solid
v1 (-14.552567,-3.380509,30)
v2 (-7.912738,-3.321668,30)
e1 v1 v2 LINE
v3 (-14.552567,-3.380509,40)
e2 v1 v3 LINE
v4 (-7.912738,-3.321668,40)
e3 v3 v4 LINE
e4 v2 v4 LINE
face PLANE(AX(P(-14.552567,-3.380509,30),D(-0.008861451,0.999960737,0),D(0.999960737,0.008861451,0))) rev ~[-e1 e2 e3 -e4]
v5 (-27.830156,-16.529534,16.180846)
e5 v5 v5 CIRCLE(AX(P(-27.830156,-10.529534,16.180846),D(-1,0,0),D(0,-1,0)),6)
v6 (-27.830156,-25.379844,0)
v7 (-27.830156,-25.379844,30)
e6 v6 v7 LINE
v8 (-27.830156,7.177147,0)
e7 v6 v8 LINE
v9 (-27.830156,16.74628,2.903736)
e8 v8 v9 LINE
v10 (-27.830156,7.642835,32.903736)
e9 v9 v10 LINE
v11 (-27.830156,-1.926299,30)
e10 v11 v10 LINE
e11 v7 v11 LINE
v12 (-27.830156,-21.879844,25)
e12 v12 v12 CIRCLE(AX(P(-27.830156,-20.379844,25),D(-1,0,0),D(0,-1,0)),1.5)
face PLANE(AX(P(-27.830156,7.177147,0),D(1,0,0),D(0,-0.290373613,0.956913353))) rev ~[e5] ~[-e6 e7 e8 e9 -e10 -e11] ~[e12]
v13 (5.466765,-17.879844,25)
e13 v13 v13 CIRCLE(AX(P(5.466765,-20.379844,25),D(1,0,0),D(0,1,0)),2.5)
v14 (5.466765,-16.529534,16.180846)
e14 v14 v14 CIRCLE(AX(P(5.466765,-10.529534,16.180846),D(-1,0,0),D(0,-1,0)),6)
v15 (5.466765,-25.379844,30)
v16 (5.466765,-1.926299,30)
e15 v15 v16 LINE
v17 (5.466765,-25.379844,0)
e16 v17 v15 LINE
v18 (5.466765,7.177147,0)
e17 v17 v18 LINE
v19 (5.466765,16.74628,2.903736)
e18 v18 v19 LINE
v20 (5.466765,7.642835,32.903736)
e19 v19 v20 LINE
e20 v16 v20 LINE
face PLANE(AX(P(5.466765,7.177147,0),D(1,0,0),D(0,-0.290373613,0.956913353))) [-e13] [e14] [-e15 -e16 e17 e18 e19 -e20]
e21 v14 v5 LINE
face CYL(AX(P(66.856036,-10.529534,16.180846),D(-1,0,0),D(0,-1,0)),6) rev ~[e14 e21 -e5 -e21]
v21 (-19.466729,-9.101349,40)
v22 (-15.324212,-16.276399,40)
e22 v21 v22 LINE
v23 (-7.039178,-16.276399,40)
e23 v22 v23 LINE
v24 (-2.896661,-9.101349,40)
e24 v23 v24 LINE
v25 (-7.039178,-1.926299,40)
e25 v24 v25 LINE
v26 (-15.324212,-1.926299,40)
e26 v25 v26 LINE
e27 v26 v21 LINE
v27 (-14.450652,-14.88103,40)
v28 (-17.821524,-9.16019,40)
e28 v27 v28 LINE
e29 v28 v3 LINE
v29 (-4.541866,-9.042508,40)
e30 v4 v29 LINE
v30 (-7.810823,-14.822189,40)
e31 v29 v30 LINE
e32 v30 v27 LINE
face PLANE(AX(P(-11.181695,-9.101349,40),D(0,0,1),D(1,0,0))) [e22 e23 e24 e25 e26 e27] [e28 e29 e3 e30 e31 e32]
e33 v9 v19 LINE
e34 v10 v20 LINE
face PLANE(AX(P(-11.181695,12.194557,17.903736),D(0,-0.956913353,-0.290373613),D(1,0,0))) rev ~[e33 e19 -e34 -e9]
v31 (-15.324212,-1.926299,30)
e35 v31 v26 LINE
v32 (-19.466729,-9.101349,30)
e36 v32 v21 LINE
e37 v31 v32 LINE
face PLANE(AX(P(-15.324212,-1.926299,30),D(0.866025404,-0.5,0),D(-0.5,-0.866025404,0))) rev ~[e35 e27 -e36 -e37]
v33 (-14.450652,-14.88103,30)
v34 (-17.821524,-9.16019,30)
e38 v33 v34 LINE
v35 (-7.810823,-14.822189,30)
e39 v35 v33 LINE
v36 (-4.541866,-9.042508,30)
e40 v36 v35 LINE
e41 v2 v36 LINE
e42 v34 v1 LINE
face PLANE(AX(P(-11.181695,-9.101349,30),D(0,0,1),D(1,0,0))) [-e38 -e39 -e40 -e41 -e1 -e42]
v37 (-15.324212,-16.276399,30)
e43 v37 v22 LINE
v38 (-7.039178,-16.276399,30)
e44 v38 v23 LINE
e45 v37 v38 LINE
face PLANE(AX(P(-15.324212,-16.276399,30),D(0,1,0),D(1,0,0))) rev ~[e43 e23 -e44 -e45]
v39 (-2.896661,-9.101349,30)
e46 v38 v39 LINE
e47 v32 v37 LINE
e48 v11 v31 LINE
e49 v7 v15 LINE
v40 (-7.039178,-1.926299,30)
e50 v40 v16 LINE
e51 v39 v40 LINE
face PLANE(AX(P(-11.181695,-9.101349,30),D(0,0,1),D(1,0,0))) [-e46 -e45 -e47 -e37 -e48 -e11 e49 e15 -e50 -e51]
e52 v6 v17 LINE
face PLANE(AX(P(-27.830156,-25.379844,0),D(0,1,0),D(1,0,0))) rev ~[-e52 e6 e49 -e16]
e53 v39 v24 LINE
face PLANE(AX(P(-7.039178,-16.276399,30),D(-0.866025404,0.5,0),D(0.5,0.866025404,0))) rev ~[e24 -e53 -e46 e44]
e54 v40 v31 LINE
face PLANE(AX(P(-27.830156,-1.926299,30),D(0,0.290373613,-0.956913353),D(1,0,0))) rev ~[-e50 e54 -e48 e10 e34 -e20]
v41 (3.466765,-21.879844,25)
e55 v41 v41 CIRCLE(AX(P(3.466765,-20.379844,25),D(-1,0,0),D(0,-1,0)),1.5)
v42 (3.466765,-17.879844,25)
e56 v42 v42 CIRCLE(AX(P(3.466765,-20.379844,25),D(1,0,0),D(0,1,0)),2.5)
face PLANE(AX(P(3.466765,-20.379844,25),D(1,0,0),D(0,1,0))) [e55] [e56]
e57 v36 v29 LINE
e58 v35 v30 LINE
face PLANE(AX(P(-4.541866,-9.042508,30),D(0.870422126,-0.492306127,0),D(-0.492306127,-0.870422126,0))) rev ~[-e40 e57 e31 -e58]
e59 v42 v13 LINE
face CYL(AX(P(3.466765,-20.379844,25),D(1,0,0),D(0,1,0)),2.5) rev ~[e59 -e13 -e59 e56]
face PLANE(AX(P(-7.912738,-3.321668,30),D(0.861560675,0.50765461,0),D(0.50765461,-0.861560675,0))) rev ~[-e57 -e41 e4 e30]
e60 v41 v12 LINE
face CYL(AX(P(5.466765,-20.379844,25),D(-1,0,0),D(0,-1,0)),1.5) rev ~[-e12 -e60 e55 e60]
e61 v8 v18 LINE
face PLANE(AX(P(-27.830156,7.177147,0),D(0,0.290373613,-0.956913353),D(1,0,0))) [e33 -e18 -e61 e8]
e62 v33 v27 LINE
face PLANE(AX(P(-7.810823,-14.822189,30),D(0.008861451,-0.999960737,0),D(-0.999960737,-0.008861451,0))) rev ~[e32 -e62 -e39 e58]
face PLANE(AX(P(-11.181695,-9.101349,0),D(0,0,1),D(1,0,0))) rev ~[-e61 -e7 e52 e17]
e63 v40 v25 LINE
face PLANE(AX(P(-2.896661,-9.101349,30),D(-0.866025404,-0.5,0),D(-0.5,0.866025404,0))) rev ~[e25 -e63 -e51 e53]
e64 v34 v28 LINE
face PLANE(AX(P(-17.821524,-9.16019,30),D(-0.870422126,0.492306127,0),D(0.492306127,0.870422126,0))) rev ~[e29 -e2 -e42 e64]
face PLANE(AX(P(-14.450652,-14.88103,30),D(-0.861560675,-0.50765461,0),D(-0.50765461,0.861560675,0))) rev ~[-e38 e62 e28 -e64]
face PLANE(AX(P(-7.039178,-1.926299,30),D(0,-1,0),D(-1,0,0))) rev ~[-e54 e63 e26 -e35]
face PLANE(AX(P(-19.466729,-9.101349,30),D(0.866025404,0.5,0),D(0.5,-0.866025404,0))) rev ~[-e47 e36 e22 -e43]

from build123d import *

# Parameters (mm, degrees)
F0_W           = 33.2969208248
F0_H           = 32.5569906272
F1_DEPTH       = 30
F3_DEPTH       = 10
F5_D           = 12
F6_D           = 3
F6_CBORE_D     = 5
F6_CBORE_DEPTH = 2
F8_W           = 33.2969208248
F8_H           = 31.3508008987
F9_DEPTH       = 10


with BuildPart() as f1:
    # F0 (on Top) → F1 (new body)
    with BuildSketch(Plane.XY):
        with Locations((-11.1816951539, -9.1013486963)):
            Rectangle(F0_W, F0_H)
    extrude(amount=F1_DEPTH)

    # F2 (on face) → F3 (join)
    with BuildSketch(Plane.XY.offset(30)):
        Polygon((-15.3242121898, -16.2763986737), (-7.039178118, -16.2763986737), (-2.8966610822, -9.1013486963), (-7.039178118, -1.9262987189), (-15.3242121898, -1.9262987189), (-19.4667292257, -9.1013486963), align=None)
        Polygon((-14.4506519977, -14.8810296934), (-17.8215241451, -9.1601895243), (-14.5525673013, -3.3805085272), (-7.9127383102, -3.3216676992), (-4.5418661628, -9.0425078683), (-7.8108230065, -14.8221888654), align=None, mode=Mode.SUBTRACT)
    extrude(amount=F3_DEPTH)

    # F5 (through all)
    with Locations(Plane.YZ.offset(5.4667652585)):
        with Locations((-10.5295337308, 16.1808457948)):
            Hole(F5_D / 2)

    # F6 (through all)
    with Locations(Plane.YZ.offset(5.4667652585)):
        with Locations((-20.3798440099, 25)):
            CounterBoreHole(F6_D / 2, F6_CBORE_D / 2, F6_CBORE_DEPTH)

    # F8 (on 3pt) → F9 (join)
    with BuildSketch(Plane(origin=(0, 6.5719923281, 1.994259097), x_dir=(1, 0, 0), z_dir=(0, -0.9569133528, -0.2903736133))):
        with Locations((-11.1816951539, 13.591346453)):
            Rectangle(F8_W, F8_H)
    extrude(amount=-F9_DEPTH)


solid = f1.part
